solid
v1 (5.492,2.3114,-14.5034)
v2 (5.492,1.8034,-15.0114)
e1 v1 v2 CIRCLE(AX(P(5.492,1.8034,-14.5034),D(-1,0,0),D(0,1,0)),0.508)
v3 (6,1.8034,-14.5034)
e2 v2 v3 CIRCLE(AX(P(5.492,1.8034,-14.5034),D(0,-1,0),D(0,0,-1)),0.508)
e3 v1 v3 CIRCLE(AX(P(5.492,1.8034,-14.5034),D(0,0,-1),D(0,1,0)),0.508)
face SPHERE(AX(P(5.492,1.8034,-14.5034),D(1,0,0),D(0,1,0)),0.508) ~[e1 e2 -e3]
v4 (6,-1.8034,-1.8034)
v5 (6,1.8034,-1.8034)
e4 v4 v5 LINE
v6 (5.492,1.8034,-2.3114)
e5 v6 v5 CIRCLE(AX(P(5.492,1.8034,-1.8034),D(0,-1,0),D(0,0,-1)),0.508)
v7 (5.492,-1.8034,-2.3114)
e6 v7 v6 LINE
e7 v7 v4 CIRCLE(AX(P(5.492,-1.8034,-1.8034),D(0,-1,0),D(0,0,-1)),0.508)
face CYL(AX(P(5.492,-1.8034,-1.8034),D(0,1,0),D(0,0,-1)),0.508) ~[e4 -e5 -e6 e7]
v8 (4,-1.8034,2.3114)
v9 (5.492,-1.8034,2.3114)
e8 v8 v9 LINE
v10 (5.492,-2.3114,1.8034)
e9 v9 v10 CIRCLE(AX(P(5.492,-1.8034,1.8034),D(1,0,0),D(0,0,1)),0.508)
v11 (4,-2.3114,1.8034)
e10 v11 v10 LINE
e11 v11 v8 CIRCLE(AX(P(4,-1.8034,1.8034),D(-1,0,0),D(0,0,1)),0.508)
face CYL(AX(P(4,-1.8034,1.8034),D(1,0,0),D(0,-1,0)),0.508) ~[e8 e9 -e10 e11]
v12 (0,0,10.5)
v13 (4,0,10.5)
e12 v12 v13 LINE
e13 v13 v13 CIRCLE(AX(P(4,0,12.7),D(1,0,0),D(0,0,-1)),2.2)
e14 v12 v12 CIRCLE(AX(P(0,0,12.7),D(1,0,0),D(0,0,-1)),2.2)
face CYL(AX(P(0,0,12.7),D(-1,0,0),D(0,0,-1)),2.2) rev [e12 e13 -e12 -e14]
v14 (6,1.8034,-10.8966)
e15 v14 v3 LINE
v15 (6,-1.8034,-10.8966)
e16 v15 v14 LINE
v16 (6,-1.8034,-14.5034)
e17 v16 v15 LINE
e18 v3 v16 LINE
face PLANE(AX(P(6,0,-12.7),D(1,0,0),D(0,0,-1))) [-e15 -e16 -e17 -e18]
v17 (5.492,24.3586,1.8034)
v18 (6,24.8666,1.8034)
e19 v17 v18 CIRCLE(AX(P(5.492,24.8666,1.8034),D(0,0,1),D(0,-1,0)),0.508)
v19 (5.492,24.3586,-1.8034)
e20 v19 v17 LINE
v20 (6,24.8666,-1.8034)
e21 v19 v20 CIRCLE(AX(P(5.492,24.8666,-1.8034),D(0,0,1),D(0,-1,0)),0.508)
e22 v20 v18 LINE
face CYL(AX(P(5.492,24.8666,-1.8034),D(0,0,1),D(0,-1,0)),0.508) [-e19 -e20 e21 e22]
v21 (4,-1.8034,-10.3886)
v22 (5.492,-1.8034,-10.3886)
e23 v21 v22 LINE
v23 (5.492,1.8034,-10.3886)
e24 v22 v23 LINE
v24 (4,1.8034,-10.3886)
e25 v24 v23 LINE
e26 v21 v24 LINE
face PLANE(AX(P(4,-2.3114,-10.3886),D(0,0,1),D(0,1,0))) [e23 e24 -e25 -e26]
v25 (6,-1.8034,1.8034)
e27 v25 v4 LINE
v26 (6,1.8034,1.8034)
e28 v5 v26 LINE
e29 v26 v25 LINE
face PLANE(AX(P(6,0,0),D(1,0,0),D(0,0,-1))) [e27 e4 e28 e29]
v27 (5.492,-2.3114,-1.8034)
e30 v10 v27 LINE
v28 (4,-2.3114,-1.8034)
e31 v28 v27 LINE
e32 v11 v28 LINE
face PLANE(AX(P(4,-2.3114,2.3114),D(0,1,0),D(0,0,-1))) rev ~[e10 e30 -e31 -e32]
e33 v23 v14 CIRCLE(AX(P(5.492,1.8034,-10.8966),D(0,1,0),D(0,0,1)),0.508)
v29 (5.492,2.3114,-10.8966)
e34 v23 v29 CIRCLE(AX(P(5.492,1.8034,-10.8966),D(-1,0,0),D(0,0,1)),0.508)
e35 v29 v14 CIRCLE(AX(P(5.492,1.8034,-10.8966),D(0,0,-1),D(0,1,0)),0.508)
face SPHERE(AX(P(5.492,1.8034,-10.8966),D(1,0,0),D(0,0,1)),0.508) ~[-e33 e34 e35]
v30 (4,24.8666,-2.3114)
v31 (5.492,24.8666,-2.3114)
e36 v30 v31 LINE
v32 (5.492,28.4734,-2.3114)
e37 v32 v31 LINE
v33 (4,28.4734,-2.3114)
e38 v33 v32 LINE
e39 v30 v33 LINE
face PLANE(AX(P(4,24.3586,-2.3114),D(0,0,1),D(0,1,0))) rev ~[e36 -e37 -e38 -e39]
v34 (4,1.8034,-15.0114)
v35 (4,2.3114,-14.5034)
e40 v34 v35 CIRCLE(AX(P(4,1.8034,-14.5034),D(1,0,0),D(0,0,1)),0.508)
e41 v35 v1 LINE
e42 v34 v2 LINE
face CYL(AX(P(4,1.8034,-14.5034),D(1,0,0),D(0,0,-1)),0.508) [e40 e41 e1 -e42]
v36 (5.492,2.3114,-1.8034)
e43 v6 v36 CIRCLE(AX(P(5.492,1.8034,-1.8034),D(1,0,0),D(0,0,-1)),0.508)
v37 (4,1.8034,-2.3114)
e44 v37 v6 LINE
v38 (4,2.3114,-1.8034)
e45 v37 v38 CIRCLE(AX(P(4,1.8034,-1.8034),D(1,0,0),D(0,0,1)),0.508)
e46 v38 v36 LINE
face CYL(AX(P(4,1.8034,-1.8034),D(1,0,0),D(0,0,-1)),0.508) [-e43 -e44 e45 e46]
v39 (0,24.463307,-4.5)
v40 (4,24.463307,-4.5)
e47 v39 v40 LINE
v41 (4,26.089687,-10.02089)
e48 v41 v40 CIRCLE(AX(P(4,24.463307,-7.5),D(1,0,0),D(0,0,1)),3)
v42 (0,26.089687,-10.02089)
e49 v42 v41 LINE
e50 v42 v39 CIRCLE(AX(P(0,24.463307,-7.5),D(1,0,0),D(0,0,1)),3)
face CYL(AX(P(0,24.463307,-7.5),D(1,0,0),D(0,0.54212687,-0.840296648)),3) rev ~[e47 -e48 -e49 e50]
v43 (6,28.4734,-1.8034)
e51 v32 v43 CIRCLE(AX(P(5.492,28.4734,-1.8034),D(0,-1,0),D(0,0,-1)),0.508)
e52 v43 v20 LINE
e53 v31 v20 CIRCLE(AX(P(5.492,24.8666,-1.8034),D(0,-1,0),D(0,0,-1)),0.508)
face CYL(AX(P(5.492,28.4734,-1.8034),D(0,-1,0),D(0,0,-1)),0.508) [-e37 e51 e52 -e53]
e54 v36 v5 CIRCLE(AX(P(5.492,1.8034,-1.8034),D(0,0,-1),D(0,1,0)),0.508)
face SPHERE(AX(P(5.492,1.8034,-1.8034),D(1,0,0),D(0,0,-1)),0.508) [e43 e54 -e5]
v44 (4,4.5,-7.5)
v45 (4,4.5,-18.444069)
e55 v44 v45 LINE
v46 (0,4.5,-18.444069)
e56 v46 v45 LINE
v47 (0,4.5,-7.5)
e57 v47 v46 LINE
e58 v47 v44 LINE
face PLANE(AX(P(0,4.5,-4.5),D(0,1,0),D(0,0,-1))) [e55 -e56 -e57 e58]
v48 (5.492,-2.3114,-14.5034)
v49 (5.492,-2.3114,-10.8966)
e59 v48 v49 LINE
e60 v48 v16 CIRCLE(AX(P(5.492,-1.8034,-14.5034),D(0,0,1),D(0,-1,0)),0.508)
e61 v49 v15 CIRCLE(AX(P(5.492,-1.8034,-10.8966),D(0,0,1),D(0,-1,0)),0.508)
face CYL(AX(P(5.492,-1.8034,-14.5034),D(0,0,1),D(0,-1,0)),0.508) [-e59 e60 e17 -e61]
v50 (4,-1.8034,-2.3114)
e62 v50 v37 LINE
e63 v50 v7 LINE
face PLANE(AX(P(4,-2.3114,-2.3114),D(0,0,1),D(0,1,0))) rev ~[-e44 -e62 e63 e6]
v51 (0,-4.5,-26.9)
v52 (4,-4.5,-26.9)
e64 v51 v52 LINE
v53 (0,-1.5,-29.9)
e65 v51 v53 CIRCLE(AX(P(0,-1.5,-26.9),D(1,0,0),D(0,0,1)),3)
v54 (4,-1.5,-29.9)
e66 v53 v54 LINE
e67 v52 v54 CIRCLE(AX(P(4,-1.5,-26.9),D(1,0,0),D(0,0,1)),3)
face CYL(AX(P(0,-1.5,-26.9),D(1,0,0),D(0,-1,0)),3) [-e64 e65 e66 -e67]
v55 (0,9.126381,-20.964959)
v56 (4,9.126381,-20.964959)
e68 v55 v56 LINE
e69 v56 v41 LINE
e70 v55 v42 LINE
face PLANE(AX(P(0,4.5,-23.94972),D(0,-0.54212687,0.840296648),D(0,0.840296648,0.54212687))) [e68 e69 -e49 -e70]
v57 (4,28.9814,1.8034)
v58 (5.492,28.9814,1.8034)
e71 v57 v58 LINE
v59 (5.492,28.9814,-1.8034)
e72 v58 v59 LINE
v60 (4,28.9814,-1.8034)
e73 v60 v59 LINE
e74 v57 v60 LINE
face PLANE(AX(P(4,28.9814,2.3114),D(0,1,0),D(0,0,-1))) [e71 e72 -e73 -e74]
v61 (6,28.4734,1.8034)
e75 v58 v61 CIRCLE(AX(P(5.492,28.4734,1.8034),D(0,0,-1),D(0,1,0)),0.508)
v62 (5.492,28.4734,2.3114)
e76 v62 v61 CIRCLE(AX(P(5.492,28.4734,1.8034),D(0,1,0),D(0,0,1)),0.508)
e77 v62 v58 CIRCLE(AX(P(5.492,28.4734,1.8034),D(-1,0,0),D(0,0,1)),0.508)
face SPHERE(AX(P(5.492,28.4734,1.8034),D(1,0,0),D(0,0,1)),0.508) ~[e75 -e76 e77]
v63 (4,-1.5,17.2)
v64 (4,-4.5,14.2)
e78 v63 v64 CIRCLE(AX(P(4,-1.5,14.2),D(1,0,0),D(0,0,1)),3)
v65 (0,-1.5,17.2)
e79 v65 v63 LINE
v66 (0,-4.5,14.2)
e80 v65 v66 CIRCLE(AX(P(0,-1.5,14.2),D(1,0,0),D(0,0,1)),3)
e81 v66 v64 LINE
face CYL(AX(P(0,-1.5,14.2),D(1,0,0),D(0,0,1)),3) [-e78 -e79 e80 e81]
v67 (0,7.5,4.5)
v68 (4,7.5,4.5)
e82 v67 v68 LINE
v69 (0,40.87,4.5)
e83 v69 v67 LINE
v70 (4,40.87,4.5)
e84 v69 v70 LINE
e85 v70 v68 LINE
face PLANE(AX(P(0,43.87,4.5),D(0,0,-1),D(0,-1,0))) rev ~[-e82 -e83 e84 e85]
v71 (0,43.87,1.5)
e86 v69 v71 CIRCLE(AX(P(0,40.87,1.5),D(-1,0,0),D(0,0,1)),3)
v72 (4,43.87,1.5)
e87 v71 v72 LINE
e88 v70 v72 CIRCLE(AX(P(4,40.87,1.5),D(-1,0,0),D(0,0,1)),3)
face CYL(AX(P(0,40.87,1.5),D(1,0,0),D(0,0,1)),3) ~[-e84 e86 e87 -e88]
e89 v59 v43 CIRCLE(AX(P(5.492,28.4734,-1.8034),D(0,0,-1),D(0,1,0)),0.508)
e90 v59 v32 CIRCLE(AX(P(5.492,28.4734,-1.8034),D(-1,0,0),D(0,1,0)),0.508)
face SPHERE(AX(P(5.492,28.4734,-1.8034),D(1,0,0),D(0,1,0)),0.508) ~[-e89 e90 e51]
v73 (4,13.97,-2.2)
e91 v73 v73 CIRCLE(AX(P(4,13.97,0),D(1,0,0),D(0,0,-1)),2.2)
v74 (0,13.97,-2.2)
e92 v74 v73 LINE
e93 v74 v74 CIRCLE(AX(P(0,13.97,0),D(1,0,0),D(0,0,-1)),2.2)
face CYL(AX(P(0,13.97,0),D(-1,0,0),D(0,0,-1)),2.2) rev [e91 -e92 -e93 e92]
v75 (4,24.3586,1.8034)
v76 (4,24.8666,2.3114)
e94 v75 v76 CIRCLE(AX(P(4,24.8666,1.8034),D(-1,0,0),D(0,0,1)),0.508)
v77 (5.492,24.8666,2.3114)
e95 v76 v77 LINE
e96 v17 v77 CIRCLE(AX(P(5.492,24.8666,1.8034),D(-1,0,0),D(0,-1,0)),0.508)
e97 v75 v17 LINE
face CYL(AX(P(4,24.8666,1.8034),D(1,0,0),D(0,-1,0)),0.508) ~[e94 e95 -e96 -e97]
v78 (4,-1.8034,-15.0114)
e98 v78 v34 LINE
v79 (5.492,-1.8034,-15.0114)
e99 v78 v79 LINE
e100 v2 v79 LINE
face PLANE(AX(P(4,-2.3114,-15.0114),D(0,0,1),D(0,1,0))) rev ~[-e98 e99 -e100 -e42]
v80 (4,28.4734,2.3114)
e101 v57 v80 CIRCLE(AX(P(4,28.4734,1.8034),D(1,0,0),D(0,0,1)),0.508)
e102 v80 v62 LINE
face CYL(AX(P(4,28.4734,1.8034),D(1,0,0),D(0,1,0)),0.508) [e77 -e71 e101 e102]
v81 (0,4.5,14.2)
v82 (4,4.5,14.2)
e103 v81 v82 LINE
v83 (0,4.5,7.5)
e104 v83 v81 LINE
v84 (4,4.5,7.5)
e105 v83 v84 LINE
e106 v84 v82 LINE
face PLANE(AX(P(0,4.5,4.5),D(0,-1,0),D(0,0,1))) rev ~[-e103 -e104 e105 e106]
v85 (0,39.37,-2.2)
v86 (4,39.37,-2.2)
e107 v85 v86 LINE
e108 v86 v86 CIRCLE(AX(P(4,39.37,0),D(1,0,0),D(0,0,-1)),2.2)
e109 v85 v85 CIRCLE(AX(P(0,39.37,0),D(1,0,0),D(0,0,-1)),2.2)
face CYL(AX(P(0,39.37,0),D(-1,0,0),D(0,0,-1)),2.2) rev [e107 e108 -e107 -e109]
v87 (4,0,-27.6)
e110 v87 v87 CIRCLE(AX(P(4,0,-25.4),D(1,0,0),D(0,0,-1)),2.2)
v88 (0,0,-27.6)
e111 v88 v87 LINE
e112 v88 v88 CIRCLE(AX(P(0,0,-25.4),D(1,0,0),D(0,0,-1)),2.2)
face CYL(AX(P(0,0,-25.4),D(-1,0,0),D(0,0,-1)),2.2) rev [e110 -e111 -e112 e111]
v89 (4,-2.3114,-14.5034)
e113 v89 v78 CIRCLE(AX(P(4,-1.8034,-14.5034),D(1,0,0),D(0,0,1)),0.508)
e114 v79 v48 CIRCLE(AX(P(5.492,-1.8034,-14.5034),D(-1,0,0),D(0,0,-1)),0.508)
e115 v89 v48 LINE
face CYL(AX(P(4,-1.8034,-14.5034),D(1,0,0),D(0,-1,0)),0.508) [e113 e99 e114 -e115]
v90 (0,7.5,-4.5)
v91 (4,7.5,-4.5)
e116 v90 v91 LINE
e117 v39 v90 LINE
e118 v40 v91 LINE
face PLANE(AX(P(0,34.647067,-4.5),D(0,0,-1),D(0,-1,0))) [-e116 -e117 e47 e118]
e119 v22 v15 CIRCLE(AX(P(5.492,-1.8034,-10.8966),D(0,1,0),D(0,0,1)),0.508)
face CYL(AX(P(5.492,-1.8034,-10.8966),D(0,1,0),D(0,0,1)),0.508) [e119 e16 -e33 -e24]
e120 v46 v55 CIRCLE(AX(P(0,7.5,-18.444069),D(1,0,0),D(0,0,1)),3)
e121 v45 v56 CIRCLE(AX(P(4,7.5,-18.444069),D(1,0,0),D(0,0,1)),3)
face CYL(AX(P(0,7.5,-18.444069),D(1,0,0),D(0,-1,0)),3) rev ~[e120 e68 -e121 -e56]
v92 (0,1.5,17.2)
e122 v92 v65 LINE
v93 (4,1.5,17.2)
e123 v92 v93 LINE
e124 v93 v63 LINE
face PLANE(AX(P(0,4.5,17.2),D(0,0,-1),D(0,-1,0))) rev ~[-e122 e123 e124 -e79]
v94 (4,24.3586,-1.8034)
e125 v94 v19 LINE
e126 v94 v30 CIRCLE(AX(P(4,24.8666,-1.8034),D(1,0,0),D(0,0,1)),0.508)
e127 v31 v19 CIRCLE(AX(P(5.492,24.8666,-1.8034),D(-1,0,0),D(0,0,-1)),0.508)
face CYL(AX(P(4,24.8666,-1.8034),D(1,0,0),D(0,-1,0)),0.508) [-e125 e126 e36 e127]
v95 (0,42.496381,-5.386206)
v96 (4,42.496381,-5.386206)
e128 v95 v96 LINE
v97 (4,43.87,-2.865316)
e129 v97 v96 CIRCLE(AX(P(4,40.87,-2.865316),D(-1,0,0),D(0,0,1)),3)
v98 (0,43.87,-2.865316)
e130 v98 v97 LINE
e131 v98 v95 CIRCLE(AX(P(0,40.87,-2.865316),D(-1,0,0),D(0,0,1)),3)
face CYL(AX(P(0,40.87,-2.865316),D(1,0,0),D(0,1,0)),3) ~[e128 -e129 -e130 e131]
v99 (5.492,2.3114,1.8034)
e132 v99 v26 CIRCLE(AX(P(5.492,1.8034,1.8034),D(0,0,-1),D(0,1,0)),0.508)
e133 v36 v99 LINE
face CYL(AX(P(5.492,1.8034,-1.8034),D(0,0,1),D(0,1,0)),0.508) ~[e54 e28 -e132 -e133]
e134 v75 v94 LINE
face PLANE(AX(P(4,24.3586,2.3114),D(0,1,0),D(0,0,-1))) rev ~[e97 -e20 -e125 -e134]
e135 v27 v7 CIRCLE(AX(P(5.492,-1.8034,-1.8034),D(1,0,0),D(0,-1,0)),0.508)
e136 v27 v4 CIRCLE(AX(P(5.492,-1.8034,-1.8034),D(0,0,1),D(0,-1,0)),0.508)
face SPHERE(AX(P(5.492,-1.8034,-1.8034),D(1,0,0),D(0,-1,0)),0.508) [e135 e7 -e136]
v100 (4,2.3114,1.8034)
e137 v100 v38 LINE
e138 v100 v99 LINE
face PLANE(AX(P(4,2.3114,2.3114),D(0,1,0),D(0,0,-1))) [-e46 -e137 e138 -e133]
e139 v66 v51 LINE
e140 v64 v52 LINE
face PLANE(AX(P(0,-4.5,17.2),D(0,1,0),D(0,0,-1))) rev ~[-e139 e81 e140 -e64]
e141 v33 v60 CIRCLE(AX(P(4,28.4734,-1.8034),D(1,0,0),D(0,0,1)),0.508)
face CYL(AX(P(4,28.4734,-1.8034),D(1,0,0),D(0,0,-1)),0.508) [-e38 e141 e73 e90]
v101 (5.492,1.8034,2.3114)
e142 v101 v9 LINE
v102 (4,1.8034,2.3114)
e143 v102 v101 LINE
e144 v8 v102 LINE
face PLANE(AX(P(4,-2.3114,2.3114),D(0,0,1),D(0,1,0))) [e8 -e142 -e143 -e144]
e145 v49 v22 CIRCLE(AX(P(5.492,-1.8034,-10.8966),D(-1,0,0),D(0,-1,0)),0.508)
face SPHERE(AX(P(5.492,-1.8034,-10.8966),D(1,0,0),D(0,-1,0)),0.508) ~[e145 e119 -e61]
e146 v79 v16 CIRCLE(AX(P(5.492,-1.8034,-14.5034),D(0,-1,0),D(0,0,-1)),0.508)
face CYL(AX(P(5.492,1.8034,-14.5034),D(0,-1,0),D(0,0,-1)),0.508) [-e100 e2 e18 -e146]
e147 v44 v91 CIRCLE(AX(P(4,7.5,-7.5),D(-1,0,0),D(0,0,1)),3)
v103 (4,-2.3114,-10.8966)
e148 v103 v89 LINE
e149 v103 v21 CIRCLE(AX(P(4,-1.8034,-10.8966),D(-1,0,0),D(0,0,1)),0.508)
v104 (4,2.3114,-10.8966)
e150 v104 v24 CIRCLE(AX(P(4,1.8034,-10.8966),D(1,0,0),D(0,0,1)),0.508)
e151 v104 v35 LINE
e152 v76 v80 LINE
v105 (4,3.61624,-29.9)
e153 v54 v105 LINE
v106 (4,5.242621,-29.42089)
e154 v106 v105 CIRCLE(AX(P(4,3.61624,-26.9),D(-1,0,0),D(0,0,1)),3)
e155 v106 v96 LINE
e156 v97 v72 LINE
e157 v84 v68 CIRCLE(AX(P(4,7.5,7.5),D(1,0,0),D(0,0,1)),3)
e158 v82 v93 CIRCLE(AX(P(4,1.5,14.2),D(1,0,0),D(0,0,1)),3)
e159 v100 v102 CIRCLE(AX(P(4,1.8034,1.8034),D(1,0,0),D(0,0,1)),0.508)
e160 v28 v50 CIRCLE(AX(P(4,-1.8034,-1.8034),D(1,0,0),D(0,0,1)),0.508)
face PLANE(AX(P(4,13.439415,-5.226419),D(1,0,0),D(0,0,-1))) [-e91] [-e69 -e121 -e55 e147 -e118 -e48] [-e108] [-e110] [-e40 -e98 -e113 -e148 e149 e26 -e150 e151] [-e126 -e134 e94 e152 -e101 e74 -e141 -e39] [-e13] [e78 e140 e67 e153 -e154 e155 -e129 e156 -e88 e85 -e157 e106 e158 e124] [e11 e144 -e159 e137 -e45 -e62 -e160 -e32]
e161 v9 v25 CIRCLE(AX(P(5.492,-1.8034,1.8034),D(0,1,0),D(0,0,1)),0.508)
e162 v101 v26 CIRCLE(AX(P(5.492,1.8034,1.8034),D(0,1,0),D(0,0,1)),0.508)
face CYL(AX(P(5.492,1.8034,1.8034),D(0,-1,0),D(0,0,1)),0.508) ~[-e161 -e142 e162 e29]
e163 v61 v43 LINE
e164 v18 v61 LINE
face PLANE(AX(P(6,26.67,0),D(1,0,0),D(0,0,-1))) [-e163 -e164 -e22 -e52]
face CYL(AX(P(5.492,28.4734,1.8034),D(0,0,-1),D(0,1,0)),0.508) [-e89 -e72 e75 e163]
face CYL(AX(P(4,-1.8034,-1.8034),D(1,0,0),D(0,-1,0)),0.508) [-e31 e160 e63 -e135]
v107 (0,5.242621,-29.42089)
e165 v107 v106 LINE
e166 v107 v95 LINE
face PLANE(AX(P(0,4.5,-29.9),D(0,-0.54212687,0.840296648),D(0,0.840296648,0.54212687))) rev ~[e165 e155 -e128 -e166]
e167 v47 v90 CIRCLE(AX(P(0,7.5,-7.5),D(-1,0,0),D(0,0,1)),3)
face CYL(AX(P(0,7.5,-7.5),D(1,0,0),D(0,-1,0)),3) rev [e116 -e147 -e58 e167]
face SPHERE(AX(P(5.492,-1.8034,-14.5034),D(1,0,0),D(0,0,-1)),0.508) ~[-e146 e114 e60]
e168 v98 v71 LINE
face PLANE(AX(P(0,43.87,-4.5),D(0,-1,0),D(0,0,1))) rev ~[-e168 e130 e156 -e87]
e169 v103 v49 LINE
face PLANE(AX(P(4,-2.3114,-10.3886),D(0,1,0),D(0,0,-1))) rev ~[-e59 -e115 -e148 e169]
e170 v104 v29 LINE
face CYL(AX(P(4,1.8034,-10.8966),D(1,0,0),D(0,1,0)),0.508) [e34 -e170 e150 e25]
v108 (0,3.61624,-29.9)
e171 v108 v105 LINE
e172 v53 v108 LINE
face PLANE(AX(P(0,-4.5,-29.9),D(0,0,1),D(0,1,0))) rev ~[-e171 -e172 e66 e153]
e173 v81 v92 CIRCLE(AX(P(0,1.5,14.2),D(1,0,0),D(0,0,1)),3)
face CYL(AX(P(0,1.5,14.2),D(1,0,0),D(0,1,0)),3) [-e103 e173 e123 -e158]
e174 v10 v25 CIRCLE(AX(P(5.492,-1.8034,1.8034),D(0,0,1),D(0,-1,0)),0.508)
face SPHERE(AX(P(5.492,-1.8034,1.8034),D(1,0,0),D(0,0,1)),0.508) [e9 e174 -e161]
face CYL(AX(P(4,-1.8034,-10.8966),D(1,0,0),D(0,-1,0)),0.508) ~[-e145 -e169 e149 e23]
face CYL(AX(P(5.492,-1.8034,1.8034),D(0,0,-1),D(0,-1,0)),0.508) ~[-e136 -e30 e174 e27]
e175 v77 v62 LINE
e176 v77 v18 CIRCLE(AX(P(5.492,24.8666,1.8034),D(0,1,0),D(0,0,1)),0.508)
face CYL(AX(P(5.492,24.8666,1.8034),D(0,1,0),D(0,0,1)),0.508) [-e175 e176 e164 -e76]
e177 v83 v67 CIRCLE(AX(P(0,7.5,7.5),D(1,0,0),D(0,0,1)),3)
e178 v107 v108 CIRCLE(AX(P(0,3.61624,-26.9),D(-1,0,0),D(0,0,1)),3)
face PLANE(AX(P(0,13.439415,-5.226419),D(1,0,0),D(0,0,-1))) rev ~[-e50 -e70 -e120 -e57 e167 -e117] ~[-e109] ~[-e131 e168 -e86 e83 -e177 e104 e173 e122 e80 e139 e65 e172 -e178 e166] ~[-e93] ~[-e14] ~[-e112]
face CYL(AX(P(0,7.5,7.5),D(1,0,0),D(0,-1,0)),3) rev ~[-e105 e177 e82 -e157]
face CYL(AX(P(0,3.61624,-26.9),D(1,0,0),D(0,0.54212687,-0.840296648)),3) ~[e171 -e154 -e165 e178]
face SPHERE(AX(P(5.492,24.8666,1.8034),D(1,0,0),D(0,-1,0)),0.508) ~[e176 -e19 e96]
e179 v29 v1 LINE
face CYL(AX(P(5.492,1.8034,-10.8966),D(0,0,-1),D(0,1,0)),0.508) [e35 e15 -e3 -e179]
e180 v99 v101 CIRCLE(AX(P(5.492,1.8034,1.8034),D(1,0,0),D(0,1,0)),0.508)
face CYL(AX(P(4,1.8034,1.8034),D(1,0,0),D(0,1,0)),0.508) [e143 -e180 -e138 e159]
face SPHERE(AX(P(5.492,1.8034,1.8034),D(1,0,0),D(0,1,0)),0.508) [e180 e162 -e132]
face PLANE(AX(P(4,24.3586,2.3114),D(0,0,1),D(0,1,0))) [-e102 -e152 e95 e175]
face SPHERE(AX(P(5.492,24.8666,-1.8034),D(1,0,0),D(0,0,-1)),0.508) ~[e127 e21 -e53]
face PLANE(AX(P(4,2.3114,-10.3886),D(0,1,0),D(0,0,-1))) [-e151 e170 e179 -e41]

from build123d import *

# Parameters (mm, degrees)
SKETCH1_R           = 2.2
BOSS_EXTRUDE1_DEPTH = 4
FILLET1_R           = 3
SKETCH2_W           = 4.6228
SKETCH2_H           = 4.6228
BOSS_EXTRUDE2_DEPTH = 2
FILLET2_R           = 0.508
FILLET3_R           = 0.508


with BuildPart() as part:
    # Sketch1 → Boss-Extrude1 (new body)
    with BuildSketch(Plane(origin=(0, 0, 0), x_dir=(0, 0, -1), z_dir=(1, 0, 0))):
        Polygon((-4.5, 4.5), (-17.2, 4.5), (-17.2, -4.5), (29.9, -4.5), (29.9, 4.5), (4.5, 43.87), (-4.5, 43.87), align=None)
        with Locations((25.4, 0)):
            Circle(SKETCH1_R, mode=Mode.SUBTRACT)
        with Locations((0, 13.97)):
            Circle(SKETCH1_R, mode=Mode.SUBTRACT)
        with Locations((0, 39.37)):
            Circle(SKETCH1_R, mode=Mode.SUBTRACT)
        with Locations((-12.7, 0)):
            Circle(SKETCH1_R, mode=Mode.SUBTRACT)
        Polygon((4.5, 4.5), (23.949720405, 4.5), (4.5, 34.647066627), align=None, mode=Mode.SUBTRACT)
    extrude(amount=BOSS_EXTRUDE1_DEPTH)

    # Fillet1
    fillet1_edges = [part.edges().sort_by_distance(p)[0] for p in [
        (2, 43.87, 4.5),
        (2, 43.87, -4.5),
        (2, 4.5, -29.9),
        (2, -4.5, -29.9),
        (2, -4.5, 17.2),
        (2, 4.5, 17.2),
        (2, 4.5, 4.5),
        (2, 34.647066627, -4.5),
        (2, 4.5, -4.5),
        (2, 4.5, -23.949720405),
    ]]
    fillet(fillet1_edges, radius=FILLET1_R)

    # Sketch2 → Boss-Extrude2 (add)
    with BuildSketch(Plane(origin=(4, 0, 0), x_dir=(0, 0, -1), z_dir=(1, 0, 0))):
        Rectangle(SKETCH2_W, SKETCH2_H)
        with Locations((12.7, 0)):
            Rectangle(SKETCH2_W, SKETCH2_H)
        with Locations((0, 26.67)):
            Rectangle(SKETCH2_W, SKETCH2_H)
    extrude(amount=BOSS_EXTRUDE2_DEPTH)

    # Fillet2
    fillet2_edges = [part.edges().sort_by_distance(p)[0] for p in [
        (5, 2.3114, 2.3114),
        (5, -2.3114, 2.3114),
        (5, -2.3114, -2.3114),
        (5, 2.3114, -2.3114),
        (5, 2.3114, -10.3886),
        (5, -2.3114, -10.3886),
        (5, -2.3114, -15.0114),
        (5, 2.3114, -15.0114),
        (5, 24.3586, -2.3114),
        (5, 28.9814, -2.3114),
        (5, 28.9814, 2.3114),
        (5, 24.3586, 2.3114),
    ]]
    fillet(fillet2_edges, radius=FILLET2_R)

    # Fillet3
    fillet3_edges = [part.edges().sort_by_distance(p)[0] for p in [
        (6, 2.3114, -12.7),
        (6, 0, -15.0114),
        (6, 0, -10.3886),
        (6, -2.3114, -12.7),
        (6, -2.162610245, -14.862610245),
        (6, -2.162610245, -10.537389755),
        (6, 2.162610245, -10.537389755),
        (6, 2.162610245, -14.862610245),
        (6, 0, -2.3114),
        (6, -2.3114, 0),
        (6, 0, 2.3114),
        (6, 2.3114, 0),
        (6, -2.162610245, 2.162610245),
        (6, 2.162610245, 2.162610245),
        (6, 2.162610245, -2.162610245),
        (6, -2.162610245, -2.162610245),
        (6, 26.67, 2.3114),
        (6, 28.9814, 0),
        (6, 26.67, -2.3114),
        (6, 24.3586, 0),
        (6, 24.507389755, 2.162610245),
        (6, 24.507389755, -2.162610245),
        (6, 28.832610245, -2.162610245),
        (6, 28.832610245, 2.162610245),
    ]]
    fillet(fillet3_edges, radius=FILLET3_R)


solid = part.part
